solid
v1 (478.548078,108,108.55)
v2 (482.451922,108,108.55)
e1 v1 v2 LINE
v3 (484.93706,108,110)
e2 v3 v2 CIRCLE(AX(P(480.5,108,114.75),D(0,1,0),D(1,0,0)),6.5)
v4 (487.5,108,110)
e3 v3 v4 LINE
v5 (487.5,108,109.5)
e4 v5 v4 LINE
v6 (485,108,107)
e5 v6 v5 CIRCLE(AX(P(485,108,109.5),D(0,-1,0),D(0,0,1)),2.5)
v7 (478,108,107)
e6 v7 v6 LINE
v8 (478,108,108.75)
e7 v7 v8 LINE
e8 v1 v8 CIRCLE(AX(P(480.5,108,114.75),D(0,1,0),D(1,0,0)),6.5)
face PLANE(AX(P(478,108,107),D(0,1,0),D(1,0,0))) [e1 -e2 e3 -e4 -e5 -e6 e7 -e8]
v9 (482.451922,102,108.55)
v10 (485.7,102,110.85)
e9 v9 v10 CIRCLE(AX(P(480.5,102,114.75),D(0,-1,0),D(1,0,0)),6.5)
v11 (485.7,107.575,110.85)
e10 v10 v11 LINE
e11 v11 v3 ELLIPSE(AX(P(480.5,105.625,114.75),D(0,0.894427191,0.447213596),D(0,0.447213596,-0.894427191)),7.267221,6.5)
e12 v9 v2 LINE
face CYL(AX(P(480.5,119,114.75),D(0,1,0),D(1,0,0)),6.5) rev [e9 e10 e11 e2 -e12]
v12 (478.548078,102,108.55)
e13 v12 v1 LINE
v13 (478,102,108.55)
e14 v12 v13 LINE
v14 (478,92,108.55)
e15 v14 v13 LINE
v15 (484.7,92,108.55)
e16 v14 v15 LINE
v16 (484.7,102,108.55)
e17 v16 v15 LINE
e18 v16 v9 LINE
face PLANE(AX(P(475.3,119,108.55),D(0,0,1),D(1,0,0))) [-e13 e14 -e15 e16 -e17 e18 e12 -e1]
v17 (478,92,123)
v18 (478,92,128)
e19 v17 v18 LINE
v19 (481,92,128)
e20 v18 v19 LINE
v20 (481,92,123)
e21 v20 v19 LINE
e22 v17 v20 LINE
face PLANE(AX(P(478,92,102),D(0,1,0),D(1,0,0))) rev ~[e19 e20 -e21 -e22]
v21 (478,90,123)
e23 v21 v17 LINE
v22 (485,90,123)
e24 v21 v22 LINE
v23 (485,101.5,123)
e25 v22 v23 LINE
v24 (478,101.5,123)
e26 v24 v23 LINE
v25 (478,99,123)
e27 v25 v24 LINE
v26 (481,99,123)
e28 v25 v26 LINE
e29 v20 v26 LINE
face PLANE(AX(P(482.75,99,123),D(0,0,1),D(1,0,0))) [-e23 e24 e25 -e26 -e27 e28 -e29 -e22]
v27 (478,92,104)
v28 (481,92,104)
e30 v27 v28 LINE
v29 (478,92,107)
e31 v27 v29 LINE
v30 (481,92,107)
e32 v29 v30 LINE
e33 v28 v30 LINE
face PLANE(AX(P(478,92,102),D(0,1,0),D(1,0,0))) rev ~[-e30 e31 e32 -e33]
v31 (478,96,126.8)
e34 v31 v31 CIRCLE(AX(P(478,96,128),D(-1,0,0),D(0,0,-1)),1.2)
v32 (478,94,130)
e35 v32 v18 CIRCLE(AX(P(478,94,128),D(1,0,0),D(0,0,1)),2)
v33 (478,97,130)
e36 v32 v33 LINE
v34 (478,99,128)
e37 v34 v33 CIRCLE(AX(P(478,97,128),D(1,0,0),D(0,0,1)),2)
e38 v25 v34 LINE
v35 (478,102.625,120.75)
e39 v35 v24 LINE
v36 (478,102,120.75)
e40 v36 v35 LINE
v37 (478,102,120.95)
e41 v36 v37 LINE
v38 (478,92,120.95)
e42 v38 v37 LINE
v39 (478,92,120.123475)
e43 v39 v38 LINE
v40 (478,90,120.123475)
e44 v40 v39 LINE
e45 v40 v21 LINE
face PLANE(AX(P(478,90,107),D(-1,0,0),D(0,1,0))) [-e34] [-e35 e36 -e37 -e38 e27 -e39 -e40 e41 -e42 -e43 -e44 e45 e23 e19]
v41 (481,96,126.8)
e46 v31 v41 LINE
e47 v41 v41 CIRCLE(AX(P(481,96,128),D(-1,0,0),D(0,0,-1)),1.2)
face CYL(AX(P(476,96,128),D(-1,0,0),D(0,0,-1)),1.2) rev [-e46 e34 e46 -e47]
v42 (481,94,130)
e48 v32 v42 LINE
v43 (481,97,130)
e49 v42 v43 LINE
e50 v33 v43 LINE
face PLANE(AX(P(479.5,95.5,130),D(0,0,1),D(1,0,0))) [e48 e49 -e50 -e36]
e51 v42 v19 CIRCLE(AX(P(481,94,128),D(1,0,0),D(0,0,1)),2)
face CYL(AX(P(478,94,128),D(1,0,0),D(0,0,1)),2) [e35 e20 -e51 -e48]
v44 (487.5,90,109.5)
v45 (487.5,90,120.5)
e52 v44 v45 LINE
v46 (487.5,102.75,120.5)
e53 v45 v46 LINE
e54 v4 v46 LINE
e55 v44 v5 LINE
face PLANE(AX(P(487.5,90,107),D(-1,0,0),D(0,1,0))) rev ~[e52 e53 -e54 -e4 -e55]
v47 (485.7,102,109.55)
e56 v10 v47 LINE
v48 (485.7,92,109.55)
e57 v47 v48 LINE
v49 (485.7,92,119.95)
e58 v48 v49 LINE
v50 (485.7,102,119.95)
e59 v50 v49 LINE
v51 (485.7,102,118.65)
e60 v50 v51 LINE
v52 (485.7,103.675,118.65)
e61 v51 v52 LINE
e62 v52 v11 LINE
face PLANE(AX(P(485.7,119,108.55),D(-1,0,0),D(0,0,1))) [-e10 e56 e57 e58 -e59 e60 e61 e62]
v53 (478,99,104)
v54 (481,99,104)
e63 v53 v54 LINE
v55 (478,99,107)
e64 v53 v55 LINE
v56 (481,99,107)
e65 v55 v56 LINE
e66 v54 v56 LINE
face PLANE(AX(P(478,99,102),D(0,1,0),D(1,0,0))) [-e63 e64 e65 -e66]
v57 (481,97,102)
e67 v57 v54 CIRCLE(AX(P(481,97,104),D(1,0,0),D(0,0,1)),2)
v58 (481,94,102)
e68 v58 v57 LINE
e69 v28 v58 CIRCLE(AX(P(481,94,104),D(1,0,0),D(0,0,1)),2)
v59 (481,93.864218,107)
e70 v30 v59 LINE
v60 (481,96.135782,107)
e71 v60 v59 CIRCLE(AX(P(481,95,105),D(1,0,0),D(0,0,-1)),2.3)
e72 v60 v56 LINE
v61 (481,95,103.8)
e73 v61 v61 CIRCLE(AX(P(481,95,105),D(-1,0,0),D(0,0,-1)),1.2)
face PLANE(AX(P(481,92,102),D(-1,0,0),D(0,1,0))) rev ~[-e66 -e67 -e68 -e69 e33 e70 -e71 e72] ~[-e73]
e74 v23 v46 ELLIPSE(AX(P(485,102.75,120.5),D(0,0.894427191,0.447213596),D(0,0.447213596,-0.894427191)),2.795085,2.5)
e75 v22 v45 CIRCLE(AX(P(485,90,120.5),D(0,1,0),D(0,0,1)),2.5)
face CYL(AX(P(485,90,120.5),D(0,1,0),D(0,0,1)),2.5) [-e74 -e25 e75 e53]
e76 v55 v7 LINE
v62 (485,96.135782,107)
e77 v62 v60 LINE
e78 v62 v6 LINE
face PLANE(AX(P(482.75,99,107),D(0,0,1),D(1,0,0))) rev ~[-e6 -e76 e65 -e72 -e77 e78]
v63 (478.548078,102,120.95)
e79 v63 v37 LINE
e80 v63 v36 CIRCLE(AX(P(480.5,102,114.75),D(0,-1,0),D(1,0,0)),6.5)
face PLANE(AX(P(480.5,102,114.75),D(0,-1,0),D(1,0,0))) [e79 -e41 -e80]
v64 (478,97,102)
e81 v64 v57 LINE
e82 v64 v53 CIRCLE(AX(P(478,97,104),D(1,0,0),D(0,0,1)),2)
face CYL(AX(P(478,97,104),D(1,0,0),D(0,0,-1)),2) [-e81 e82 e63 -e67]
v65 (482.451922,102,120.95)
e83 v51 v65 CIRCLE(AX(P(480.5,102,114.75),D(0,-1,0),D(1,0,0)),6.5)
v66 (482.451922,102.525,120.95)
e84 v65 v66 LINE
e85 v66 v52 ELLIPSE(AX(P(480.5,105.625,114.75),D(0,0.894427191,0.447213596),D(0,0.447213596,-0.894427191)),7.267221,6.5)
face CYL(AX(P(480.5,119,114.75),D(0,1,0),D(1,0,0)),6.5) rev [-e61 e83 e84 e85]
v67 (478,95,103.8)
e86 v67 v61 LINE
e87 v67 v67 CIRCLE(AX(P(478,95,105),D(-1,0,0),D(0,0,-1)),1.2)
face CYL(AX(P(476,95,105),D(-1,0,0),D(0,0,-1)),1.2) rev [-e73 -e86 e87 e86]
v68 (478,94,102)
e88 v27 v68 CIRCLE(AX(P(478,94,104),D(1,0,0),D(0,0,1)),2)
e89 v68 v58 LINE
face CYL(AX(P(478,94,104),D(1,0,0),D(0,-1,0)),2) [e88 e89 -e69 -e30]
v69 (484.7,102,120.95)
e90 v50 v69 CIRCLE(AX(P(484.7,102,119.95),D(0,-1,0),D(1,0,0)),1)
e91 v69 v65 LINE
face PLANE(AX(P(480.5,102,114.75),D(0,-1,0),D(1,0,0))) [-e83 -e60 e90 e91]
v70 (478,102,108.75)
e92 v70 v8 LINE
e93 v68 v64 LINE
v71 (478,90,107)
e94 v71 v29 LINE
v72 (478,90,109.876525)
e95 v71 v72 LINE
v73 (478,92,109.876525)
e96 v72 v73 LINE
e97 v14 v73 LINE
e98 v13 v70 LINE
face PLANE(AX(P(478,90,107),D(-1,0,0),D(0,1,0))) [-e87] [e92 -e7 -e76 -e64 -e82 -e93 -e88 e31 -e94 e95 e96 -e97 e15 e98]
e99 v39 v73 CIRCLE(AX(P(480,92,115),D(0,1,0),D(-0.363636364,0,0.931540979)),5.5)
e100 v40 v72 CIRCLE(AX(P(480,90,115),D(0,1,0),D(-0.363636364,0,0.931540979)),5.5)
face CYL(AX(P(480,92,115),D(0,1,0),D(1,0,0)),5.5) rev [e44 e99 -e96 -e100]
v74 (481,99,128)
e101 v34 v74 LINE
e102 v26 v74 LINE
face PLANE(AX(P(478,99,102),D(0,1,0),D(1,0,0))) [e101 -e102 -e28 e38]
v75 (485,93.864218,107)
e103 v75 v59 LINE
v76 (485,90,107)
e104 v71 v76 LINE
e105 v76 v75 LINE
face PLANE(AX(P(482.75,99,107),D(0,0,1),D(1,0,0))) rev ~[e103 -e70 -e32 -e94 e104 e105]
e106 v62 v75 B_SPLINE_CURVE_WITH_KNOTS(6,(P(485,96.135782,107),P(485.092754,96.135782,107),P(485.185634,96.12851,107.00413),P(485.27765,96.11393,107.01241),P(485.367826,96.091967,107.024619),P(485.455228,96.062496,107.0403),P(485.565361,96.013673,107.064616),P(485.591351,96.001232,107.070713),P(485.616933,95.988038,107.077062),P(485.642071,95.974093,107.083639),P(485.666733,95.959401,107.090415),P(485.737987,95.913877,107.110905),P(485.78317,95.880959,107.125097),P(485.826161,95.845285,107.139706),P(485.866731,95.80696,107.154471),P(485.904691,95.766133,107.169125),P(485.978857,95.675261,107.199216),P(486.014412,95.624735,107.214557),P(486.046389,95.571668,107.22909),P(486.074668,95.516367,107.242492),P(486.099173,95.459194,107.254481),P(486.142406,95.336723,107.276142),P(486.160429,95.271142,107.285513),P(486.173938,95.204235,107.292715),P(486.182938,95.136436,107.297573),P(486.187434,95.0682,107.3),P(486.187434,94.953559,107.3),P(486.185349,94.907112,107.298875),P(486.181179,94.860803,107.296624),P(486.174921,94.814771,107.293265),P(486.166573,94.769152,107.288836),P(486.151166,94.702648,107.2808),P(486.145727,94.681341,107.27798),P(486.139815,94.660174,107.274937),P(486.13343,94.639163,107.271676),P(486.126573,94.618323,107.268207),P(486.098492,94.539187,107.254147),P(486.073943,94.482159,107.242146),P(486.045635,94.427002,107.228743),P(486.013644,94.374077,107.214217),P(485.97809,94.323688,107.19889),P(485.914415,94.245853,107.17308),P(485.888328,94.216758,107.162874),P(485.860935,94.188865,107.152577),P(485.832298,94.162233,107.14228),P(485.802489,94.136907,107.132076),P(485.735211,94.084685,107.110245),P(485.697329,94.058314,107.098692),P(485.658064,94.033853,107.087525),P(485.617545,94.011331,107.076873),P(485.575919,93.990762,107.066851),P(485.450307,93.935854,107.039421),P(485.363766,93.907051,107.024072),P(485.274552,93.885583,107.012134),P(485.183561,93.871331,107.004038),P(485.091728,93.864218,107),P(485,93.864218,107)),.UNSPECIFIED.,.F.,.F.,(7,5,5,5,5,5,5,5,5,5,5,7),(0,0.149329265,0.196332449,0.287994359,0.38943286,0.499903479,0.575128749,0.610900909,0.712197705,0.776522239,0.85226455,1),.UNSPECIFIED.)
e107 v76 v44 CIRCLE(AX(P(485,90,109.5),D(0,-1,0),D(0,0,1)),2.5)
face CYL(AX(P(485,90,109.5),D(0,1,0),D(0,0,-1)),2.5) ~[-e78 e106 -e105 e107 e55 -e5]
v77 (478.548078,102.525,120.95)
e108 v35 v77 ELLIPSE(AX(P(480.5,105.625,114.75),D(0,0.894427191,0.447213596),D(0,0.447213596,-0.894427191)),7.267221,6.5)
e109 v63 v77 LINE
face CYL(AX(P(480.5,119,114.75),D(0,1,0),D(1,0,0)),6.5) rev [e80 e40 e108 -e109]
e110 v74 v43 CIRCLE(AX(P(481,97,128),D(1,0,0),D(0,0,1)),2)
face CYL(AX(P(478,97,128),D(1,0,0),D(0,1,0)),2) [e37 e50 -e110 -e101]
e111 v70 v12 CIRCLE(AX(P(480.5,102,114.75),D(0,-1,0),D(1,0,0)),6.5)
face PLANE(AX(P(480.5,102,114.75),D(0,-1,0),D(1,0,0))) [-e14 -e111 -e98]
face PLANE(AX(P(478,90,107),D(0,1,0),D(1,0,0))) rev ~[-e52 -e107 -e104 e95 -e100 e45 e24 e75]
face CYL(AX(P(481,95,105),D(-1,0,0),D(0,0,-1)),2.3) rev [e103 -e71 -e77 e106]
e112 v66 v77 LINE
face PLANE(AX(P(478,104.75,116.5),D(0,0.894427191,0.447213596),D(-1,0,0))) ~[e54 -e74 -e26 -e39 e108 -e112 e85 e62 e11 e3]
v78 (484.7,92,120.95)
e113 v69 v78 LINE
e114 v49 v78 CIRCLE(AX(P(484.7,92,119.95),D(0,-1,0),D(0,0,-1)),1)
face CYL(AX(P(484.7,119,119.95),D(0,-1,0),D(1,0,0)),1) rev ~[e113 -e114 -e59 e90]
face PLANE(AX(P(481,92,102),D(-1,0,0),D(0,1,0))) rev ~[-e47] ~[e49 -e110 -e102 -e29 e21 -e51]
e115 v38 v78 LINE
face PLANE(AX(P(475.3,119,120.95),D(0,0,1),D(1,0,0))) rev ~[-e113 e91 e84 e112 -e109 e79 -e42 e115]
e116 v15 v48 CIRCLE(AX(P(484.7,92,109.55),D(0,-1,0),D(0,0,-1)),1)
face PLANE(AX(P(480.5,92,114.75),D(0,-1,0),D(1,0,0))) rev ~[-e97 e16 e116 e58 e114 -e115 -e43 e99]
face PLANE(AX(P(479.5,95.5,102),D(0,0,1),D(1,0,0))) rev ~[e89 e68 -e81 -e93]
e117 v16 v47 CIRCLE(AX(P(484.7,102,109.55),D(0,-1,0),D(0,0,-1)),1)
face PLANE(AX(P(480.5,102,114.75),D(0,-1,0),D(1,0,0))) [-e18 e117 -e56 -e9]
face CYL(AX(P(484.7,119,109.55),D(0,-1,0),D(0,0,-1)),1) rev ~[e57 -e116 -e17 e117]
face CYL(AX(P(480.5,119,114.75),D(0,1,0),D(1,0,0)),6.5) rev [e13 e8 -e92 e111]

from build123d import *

# Parameters (mm, degrees)
BOX520_W                  = 10.4
BOX520_H                  = 12.4
BOX520_DEPTH              = 27
FILLET403_R               = 1
CYLINDER1231_R            = 8
CYLINDER1231_DEPTH        = 27
CYLINDER1233_R            = 6.5
CYLINDER1233_DEPTH        = 17
CYLINDER1232_R            = 8
CYLINDER1232_DEPTH        = 17
CYLINDER1234_R            = 8
CYLINDER1234_DEPTH        = 27
CUT014272_PLACEMENT_ANGLE = 90
CYLINDER1230_R            = 5.5
CYLINDER1230_DEPTH        = 15
CYLINDER1229_R            = 1.2
CYLINDER1229_DEPTH        = 11
CYLINDER1228_R            = 1.2
CYLINDER1228_DEPTH        = 11
CYLINDER1275_R            = 2.3
CYLINDER1275_DEPTH        = 11
BOX519_W                  = 9.5
BOX519_H                  = 18
BOX519_DEPTH              = 16
CHAMFER036_SIZE2          = 6.5
CHAMFER036_SIZE           = 13
FILLET409_R               = 2.5
BOX542_W                  = 3
BOX542_H                  = 7
BOX542_DEPTH              = 28
FILLET415_R               = 2


with BuildPart() as fillet403:
    # Box520 → Box520 (new body)
    with BuildSketch(Plane(origin=(-5.2, -6.2, 0), x_dir=(1, 0, 0), z_dir=(0, 0, 1))):
        with Locations((5.2, 6.2)):
            Rectangle(BOX520_W, BOX520_H)
    extrude(amount=BOX520_DEPTH)

    # Fillet403
    fillet403_edges = [fillet403.edges().sort_by_distance(p)[0] for p in [
        (-5.2, -6.2, 13.5),
        (-5.2, 6.2, 13.5),
        (5.2, -6.2, 13.5),
        (5.2, 6.2, 13.5),
    ]]
    fillet(fillet403_edges, radius=FILLET403_R)


with BuildPart() as cut014271:
    # Cylinder1231 → Cylinder1231 (new body)
    with BuildSketch(Plane.XY):
        Circle(CYLINDER1231_R)
    extrude(amount=CYLINDER1231_DEPTH)

    # Cut014271: cut Fillet403
    add(fillet403.part, mode=Mode.SUBTRACT)


with BuildPart() as cylinder1429:
    # Cylinder1233 → Cylinder1233 (new body)
    with BuildSketch(Plane.XY):
        Circle(CYLINDER1233_R)
    extrude(amount=CYLINDER1233_DEPTH)


with BuildPart() as fusion248002050137:
    # Cylinder1232 → Cylinder1232 (new body)
    with BuildSketch(Plane.XY):
        Circle(CYLINDER1232_R)
    extrude(amount=CYLINDER1232_DEPTH)

    # Cut014270: cut Cylinder1429
    add(cylinder1429.part, mode=Mode.SUBTRACT)

    # Fusion248002050137: union Cut014271
    add(cut014271.part)


with BuildPart() as bucket_turning_motor002:
    # Cylinder1234 → Cylinder1234 (new body)
    with BuildSketch(Plane.XY):
        Circle(CYLINDER1234_R)
    extrude(amount=CYLINDER1234_DEPTH)

    # Cut014272: cut Fusion248002050137
    add(fusion248002050137.part, mode=Mode.SUBTRACT)


with BuildPart() as bucket_turning_motor002_1:
    # Cut014272 placement: moved
    add(bucket_turning_motor002.part.moved(Location((480.5, 119, 114.75))).rotate(Axis((480.5, 119, 114.75), (1, 0, 0)), CUT014272_PLACEMENT_ANGLE))


with BuildPart() as cylinder1230:
    # Cylinder1230 → Cylinder1230 (new body)
    with BuildSketch(Plane(origin=(480, 92, 115), x_dir=(1, 0, 0), z_dir=(0, -1, 0))):
        Circle(CYLINDER1230_R)
    extrude(amount=CYLINDER1230_DEPTH)


with BuildPart() as cylinder1229:
    # Cylinder1229 → Cylinder1229 (new body)
    with BuildSketch(Plane(origin=(476, 95, 105), x_dir=(0, 0, -1), z_dir=(1, 0, 0))):
        Circle(CYLINDER1229_R)
    extrude(amount=CYLINDER1229_DEPTH)


with BuildPart() as fusion248002050197:
    # Cylinder1228 → Cylinder1228 (new body)
    with BuildSketch(Plane(origin=(476, 96, 128), x_dir=(0, 0, -1), z_dir=(1, 0, 0))):
        Circle(CYLINDER1228_R)
    extrude(amount=CYLINDER1228_DEPTH)

    # Fusion248002050197: union Cylinder1229
    add(cylinder1229.part)


with BuildPart() as cylinder1275:
    # Cylinder1275 → Cylinder1275 (new body)
    with BuildSketch(Plane(origin=(481, 95, 105), x_dir=(0, 0, -1), z_dir=(1, 0, 0))):
        Circle(CYLINDER1275_R)
    extrude(amount=CYLINDER1275_DEPTH)


with BuildPart() as fillet409:
    # Box519 → Box519 (new body)
    with BuildSketch(Plane(origin=(478, 90, 107), x_dir=(1, 0, 0), z_dir=(0, 0, 1))):
        with Locations((4.75, 9)):
            Rectangle(BOX519_W, BOX519_H)
    extrude(amount=BOX519_DEPTH)

    # Chamfer036
    chamfer036_edges = [fillet409.edges().sort_by_distance(p)[0] for p in [
        (482.75, 108, 123),
    ]]
    chamfer036_side = fillet409.faces().sort_by_distance((482.75, 108, 115))[0]
    chamfer(chamfer036_edges, length=CHAMFER036_SIZE, length2=CHAMFER036_SIZE2, reference=chamfer036_side)

    # Fillet409
    fillet409_edges = [fillet409.edges().sort_by_distance(p)[0] for p in [
        (487.5, 95.75, 123),
        (487.5, 99, 107),
    ]]
    fillet(fillet409_edges, radius=FILLET409_R)


with BuildPart() as bucket_rotating_motor_holder:
    # Box542 → Box542 (new body)
    with BuildSketch(Plane(origin=(478, 92, 102), x_dir=(1, 0, 0), z_dir=(0, 0, 1))):
        with Locations((1.5, 3.5)):
            Rectangle(BOX542_W, BOX542_H)
    extrude(amount=BOX542_DEPTH)

    # Fusion248002050208: union Fillet409
    add(fillet409.part)

    # Cut014334: cut Cylinder1275
    add(cylinder1275.part, mode=Mode.SUBTRACT)

    # Cut014335: cut Fusion248002050197
    add(fusion248002050197.part, mode=Mode.SUBTRACT)

    # Cut014336: cut Cylinder1230
    add(cylinder1230.part, mode=Mode.SUBTRACT)

    # Cut014337: cut bucket-turning-motor002
    add(bucket_turning_motor002_1.part, mode=Mode.SUBTRACT)

    # Fillet415
    fillet415_edges = [bucket_rotating_motor_holder.edges().sort_by_distance(p)[0] for p in [
        (479.5, 99, 102),
        (479.5, 92, 102),
        (479.5, 99, 130),
        (479.5, 92, 130),
    ]]
    fillet(fillet415_edges, radius=FILLET415_R)


solid = bucket_rotating_motor_holder.part
